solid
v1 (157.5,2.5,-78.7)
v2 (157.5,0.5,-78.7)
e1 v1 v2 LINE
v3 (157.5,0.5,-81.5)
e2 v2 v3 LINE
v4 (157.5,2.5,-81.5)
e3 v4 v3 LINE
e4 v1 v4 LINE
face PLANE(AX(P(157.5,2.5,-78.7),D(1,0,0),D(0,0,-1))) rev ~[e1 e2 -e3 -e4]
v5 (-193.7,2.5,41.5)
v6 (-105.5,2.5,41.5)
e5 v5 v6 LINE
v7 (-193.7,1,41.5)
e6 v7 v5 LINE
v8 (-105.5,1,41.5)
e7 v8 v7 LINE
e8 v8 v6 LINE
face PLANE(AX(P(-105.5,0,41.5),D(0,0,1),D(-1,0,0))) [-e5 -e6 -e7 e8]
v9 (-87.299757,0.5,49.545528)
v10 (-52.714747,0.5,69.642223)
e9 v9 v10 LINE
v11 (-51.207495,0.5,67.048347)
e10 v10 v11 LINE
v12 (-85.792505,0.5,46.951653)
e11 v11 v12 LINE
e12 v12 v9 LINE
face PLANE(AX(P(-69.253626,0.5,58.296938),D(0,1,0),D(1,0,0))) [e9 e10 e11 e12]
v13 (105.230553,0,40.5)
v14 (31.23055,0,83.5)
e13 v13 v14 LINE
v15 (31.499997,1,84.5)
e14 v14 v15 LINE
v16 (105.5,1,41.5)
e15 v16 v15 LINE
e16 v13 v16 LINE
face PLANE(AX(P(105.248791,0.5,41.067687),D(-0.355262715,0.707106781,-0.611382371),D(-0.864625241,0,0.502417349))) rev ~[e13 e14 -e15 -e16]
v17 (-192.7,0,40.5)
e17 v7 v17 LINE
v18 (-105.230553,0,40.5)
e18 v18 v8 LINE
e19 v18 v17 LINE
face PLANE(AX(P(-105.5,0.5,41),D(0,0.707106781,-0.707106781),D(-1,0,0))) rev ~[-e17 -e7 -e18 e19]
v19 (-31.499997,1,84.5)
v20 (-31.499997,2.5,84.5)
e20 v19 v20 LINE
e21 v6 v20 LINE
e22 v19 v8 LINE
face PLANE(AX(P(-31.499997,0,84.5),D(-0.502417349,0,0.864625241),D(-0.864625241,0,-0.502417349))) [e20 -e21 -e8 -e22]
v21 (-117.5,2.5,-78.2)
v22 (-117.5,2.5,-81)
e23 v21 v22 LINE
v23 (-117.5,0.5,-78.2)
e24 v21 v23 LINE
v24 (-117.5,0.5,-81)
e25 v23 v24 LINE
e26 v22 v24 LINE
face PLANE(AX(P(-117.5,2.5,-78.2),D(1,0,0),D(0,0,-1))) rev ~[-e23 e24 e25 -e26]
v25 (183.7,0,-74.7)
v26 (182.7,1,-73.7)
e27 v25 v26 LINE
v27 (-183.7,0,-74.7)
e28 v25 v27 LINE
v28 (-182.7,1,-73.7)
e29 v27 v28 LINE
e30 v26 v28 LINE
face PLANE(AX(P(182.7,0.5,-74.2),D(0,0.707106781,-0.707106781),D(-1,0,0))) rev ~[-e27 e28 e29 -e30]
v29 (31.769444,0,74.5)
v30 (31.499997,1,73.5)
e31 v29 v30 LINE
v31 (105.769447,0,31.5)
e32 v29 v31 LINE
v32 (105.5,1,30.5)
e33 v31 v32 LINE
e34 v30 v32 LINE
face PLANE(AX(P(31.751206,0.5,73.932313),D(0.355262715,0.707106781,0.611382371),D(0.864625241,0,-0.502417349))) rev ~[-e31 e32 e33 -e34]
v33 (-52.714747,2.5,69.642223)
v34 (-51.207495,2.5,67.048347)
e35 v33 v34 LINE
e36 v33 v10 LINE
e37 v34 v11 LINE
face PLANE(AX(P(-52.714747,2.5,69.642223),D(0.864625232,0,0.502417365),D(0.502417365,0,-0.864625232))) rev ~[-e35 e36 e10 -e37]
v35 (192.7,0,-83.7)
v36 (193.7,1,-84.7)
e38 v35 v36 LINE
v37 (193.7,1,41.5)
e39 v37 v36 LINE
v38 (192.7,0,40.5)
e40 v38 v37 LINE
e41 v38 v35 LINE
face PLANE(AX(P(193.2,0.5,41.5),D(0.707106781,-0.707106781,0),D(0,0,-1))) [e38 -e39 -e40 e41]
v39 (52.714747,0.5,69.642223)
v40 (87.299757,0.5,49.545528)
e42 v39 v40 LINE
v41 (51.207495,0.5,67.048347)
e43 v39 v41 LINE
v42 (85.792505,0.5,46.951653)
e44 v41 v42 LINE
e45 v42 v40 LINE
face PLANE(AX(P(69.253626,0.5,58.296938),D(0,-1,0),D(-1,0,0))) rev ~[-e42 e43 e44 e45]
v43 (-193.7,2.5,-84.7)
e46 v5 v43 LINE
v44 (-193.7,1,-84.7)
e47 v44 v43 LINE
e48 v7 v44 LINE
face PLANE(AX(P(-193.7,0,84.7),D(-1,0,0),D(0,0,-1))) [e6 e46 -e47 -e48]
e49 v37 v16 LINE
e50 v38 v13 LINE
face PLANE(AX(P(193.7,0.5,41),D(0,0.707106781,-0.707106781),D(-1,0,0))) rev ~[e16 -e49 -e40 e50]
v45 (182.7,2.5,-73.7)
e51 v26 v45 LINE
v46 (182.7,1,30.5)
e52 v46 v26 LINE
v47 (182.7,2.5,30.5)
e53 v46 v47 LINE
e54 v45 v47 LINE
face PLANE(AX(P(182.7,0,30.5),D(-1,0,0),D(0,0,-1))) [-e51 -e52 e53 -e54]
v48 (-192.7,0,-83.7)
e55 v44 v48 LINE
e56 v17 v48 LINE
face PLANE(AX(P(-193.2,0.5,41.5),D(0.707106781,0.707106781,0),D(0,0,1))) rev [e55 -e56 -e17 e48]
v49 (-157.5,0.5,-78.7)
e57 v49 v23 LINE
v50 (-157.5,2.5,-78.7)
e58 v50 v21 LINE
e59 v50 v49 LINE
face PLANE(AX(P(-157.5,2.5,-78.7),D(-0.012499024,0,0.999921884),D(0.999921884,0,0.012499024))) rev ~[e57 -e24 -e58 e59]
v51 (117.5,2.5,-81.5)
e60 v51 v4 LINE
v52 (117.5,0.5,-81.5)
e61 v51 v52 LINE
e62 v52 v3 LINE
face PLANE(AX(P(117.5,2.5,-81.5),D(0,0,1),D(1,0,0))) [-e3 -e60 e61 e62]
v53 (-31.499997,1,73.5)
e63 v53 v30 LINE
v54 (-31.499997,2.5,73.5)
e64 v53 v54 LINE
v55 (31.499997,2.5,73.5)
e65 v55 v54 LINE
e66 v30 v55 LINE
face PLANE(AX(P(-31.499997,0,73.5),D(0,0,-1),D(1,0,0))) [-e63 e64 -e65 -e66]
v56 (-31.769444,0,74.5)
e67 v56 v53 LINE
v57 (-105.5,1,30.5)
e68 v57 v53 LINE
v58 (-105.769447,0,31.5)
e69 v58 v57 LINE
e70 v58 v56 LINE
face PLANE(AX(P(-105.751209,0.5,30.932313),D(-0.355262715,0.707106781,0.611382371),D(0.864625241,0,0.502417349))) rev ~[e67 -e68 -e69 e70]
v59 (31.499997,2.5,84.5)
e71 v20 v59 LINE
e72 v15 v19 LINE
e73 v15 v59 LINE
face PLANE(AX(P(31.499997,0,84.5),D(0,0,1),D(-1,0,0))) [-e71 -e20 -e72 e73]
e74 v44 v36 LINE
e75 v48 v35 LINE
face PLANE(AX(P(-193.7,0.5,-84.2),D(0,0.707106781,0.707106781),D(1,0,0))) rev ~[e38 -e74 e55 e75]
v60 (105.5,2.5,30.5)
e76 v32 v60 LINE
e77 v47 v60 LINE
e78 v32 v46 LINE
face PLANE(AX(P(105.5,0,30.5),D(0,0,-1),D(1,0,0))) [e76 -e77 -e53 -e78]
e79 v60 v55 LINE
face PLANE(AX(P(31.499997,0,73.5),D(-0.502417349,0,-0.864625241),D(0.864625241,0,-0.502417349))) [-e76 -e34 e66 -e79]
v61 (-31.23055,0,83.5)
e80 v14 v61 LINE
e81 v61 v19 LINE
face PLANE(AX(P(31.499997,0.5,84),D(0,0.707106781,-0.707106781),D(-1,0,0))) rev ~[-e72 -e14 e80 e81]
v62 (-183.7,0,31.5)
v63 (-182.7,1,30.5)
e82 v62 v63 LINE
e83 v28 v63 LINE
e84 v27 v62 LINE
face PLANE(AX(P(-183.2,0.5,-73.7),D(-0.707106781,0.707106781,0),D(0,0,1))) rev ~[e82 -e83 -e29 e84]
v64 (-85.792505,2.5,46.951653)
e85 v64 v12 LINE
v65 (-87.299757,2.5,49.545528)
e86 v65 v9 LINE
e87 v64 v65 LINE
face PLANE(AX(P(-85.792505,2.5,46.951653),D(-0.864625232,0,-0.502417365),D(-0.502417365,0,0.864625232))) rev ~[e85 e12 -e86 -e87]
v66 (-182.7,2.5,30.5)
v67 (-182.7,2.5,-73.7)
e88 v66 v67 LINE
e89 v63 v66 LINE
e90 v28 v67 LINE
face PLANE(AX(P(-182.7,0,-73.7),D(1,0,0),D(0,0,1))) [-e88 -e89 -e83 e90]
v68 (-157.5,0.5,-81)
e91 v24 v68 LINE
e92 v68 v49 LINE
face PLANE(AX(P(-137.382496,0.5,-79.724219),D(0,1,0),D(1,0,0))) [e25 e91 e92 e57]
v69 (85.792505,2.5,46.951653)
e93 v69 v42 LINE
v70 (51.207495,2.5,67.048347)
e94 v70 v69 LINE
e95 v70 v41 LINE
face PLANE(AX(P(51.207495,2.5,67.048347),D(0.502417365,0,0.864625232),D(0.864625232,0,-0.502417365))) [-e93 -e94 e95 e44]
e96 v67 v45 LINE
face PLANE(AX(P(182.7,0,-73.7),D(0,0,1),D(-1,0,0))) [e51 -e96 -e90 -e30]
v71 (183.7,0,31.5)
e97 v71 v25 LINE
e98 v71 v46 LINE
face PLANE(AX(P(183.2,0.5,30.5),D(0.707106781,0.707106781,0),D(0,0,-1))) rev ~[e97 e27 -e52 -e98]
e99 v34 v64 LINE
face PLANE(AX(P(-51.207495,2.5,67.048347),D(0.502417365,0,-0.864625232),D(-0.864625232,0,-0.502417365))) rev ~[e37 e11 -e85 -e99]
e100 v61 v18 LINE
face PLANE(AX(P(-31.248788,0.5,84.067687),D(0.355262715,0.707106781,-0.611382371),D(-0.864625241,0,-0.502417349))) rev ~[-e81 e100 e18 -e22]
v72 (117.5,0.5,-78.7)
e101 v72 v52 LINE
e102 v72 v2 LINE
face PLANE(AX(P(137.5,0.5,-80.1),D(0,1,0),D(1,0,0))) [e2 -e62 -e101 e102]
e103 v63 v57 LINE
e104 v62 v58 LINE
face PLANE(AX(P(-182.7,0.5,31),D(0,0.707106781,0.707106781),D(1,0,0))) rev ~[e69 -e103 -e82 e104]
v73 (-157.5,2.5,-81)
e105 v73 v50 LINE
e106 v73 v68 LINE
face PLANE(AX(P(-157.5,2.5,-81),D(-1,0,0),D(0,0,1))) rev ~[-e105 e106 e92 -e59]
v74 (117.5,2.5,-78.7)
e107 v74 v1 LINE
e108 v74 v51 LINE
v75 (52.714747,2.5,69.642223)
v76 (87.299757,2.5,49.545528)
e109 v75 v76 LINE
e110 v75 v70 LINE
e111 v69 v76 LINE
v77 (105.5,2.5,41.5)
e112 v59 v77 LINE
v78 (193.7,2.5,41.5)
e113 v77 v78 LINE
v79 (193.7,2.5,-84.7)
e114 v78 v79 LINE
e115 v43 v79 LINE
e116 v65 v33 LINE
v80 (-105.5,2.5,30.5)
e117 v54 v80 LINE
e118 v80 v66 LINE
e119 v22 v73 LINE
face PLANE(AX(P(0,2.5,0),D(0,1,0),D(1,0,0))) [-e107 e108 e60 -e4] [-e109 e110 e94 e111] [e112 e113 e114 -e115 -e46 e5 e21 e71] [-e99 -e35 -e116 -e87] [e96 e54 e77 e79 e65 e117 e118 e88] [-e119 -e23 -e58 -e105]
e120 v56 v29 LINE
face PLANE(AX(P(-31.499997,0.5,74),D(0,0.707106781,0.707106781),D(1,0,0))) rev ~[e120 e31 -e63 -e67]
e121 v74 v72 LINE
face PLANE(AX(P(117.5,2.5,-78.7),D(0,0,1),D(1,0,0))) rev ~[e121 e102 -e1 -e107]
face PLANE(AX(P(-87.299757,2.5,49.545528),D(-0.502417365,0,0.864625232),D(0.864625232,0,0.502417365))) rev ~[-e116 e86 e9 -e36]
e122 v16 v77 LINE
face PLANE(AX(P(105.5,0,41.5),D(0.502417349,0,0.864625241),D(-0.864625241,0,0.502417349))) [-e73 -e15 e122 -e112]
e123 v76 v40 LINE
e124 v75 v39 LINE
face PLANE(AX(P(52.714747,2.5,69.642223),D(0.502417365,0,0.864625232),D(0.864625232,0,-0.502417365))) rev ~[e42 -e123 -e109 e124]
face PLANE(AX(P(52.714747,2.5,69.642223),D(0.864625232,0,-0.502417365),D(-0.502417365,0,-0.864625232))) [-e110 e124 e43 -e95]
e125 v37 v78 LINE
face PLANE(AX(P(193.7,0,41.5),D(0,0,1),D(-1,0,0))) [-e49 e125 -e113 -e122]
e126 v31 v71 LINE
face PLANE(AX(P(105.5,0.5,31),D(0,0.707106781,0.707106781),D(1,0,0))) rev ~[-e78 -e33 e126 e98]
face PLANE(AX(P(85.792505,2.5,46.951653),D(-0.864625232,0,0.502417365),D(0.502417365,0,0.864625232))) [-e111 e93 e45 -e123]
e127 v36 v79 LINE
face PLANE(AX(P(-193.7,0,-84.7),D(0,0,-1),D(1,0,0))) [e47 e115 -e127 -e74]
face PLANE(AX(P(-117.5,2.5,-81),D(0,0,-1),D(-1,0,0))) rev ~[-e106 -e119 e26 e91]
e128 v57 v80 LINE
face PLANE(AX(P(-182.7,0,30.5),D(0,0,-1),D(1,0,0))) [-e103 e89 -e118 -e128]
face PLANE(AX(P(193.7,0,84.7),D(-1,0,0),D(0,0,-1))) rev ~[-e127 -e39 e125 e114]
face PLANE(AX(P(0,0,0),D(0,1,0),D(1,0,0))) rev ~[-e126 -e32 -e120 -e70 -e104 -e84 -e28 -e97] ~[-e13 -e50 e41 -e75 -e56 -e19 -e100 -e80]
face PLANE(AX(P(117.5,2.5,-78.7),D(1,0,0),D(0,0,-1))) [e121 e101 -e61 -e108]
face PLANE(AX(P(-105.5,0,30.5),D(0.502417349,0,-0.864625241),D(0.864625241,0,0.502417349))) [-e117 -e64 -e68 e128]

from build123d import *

# Parameters (mm, degrees)
SKETCH1_W           = 387.4
SKETCH1_H           = 169.4
BOSS_EXTRUDE1_DEPTH = 2.5
SKETCH3_W           = 40
SKETCH3_H           = 2.8
CUT_EXTRUDE2_DEPTH  = 2
CUT_EXTRUDE3_DEPTH  = 10
CUT_EXTRUDE4_DEPTH  = 3.5
CHAMFER1_SIZE       = 1
CHAMFER2_SIZE       = 1
CUT_EXTRUDE5_DEPTH  = 2


with BuildPart() as part:
    # Sketch1 → Boss-Extrude1 (new body)
    with BuildSketch(Plane(origin=(0, 0, 0), x_dir=(1, 0, 0), z_dir=(0, 1, 0))):
        Rectangle(SKETCH1_W, SKETCH1_H)
    extrude(amount=BOSS_EXTRUDE1_DEPTH)

    # Sketch3 → Cut-Extrude2 (cut)
    with BuildSketch(Plane(origin=(0, 2.5, 0), x_dir=(1, 0, 0), z_dir=(0, 1, 0))):
        with Locations((137.5, 80.1)):
            Rectangle(SKETCH3_W, SKETCH3_H)
        Polygon((-157.5, 81), (-157.5, 78.7), (-117.5, 78.2), (-117.5, 81), align=None)
    extrude(amount=-CUT_EXTRUDE2_DEPTH, mode=Mode.SUBTRACT)

    # Sketch4 → Cut-Extrude3 (cut)
    with BuildSketch(Plane.XZ):
        Polygon((31.499996994, 73.5), (105.5, 30.5), (182.7, 30.5), (182.7, -73.7), (-182.7, -73.7), (-182.7, 30.5), (-105.5, 30.5), (-31.499996994, 73.5), align=None)
    extrude(amount=-CUT_EXTRUDE3_DEPTH, mode=Mode.SUBTRACT)

    # Sketch7 → Cut-Extrude4 (cut, through all)
    with BuildSketch(Plane.XZ):
        Polygon((193.7, 41.5), (105.5, 41.5), (31.499996994, 84.5), (-31.499996994, 84.5), (-105.5, 41.5), (-193.7, 41.5), (-193.7, 84.7), (193.7, 84.7), align=None)
    extrude(amount=-CUT_EXTRUDE4_DEPTH, mode=Mode.SUBTRACT)

    # Chamfer1
    chamfer1_edges = [part.edges().sort_by_distance(p)[0] for p in [
        (-193.7, 0, -21.6),
        (0, 0, -84.7),
        (193.7, 0, -21.6),
        (-149.6, 0, 41.5),
        (-68.499998497, 0, 63),
        (0, 0, 84.5),
        (68.499998497, 0, 63),
        (149.6, 0, 41.5),
    ]]
    chamfer(chamfer1_edges, length=CHAMFER1_SIZE)

    # Chamfer2
    chamfer2_edges = [part.edges().sort_by_distance(p)[0] for p in [
        (0, 0, 73.5),
        (-68.499998497, 0, 52),
        (-144.1, 0, 30.5),
        (-182.7, 0, -21.6),
        (0, 0, -73.7),
        (182.7, 0, -21.6),
        (144.1, 0, 30.5),
        (68.499998497, 0, 52),
    ]]
    chamfer(chamfer2_edges, length=CHAMFER2_SIZE)

    # Sketch9 → Cut-Extrude5 (cut)
    with BuildSketch(Plane(origin=(0, 2.5, 0), x_dir=(1, 0, 0), z_dir=(0, 1, 0))):
        Polygon((-70.007252094, -59.593875696), (-52.714747454, -69.642222987), (-51.20749536, -67.048347291), (-85.79250464, -46.951652709), (-87.299756734, -49.545528405), align=None)
        Polygon((70.007252094, -59.593875696), (52.714747454, -69.642222987), (51.20749536, -67.048347291), (85.79250464, -46.951652709), (87.299756734, -49.545528405), align=None)
    extrude(amount=-CUT_EXTRUDE5_DEPTH, mode=Mode.SUBTRACT)


solid = part.part
